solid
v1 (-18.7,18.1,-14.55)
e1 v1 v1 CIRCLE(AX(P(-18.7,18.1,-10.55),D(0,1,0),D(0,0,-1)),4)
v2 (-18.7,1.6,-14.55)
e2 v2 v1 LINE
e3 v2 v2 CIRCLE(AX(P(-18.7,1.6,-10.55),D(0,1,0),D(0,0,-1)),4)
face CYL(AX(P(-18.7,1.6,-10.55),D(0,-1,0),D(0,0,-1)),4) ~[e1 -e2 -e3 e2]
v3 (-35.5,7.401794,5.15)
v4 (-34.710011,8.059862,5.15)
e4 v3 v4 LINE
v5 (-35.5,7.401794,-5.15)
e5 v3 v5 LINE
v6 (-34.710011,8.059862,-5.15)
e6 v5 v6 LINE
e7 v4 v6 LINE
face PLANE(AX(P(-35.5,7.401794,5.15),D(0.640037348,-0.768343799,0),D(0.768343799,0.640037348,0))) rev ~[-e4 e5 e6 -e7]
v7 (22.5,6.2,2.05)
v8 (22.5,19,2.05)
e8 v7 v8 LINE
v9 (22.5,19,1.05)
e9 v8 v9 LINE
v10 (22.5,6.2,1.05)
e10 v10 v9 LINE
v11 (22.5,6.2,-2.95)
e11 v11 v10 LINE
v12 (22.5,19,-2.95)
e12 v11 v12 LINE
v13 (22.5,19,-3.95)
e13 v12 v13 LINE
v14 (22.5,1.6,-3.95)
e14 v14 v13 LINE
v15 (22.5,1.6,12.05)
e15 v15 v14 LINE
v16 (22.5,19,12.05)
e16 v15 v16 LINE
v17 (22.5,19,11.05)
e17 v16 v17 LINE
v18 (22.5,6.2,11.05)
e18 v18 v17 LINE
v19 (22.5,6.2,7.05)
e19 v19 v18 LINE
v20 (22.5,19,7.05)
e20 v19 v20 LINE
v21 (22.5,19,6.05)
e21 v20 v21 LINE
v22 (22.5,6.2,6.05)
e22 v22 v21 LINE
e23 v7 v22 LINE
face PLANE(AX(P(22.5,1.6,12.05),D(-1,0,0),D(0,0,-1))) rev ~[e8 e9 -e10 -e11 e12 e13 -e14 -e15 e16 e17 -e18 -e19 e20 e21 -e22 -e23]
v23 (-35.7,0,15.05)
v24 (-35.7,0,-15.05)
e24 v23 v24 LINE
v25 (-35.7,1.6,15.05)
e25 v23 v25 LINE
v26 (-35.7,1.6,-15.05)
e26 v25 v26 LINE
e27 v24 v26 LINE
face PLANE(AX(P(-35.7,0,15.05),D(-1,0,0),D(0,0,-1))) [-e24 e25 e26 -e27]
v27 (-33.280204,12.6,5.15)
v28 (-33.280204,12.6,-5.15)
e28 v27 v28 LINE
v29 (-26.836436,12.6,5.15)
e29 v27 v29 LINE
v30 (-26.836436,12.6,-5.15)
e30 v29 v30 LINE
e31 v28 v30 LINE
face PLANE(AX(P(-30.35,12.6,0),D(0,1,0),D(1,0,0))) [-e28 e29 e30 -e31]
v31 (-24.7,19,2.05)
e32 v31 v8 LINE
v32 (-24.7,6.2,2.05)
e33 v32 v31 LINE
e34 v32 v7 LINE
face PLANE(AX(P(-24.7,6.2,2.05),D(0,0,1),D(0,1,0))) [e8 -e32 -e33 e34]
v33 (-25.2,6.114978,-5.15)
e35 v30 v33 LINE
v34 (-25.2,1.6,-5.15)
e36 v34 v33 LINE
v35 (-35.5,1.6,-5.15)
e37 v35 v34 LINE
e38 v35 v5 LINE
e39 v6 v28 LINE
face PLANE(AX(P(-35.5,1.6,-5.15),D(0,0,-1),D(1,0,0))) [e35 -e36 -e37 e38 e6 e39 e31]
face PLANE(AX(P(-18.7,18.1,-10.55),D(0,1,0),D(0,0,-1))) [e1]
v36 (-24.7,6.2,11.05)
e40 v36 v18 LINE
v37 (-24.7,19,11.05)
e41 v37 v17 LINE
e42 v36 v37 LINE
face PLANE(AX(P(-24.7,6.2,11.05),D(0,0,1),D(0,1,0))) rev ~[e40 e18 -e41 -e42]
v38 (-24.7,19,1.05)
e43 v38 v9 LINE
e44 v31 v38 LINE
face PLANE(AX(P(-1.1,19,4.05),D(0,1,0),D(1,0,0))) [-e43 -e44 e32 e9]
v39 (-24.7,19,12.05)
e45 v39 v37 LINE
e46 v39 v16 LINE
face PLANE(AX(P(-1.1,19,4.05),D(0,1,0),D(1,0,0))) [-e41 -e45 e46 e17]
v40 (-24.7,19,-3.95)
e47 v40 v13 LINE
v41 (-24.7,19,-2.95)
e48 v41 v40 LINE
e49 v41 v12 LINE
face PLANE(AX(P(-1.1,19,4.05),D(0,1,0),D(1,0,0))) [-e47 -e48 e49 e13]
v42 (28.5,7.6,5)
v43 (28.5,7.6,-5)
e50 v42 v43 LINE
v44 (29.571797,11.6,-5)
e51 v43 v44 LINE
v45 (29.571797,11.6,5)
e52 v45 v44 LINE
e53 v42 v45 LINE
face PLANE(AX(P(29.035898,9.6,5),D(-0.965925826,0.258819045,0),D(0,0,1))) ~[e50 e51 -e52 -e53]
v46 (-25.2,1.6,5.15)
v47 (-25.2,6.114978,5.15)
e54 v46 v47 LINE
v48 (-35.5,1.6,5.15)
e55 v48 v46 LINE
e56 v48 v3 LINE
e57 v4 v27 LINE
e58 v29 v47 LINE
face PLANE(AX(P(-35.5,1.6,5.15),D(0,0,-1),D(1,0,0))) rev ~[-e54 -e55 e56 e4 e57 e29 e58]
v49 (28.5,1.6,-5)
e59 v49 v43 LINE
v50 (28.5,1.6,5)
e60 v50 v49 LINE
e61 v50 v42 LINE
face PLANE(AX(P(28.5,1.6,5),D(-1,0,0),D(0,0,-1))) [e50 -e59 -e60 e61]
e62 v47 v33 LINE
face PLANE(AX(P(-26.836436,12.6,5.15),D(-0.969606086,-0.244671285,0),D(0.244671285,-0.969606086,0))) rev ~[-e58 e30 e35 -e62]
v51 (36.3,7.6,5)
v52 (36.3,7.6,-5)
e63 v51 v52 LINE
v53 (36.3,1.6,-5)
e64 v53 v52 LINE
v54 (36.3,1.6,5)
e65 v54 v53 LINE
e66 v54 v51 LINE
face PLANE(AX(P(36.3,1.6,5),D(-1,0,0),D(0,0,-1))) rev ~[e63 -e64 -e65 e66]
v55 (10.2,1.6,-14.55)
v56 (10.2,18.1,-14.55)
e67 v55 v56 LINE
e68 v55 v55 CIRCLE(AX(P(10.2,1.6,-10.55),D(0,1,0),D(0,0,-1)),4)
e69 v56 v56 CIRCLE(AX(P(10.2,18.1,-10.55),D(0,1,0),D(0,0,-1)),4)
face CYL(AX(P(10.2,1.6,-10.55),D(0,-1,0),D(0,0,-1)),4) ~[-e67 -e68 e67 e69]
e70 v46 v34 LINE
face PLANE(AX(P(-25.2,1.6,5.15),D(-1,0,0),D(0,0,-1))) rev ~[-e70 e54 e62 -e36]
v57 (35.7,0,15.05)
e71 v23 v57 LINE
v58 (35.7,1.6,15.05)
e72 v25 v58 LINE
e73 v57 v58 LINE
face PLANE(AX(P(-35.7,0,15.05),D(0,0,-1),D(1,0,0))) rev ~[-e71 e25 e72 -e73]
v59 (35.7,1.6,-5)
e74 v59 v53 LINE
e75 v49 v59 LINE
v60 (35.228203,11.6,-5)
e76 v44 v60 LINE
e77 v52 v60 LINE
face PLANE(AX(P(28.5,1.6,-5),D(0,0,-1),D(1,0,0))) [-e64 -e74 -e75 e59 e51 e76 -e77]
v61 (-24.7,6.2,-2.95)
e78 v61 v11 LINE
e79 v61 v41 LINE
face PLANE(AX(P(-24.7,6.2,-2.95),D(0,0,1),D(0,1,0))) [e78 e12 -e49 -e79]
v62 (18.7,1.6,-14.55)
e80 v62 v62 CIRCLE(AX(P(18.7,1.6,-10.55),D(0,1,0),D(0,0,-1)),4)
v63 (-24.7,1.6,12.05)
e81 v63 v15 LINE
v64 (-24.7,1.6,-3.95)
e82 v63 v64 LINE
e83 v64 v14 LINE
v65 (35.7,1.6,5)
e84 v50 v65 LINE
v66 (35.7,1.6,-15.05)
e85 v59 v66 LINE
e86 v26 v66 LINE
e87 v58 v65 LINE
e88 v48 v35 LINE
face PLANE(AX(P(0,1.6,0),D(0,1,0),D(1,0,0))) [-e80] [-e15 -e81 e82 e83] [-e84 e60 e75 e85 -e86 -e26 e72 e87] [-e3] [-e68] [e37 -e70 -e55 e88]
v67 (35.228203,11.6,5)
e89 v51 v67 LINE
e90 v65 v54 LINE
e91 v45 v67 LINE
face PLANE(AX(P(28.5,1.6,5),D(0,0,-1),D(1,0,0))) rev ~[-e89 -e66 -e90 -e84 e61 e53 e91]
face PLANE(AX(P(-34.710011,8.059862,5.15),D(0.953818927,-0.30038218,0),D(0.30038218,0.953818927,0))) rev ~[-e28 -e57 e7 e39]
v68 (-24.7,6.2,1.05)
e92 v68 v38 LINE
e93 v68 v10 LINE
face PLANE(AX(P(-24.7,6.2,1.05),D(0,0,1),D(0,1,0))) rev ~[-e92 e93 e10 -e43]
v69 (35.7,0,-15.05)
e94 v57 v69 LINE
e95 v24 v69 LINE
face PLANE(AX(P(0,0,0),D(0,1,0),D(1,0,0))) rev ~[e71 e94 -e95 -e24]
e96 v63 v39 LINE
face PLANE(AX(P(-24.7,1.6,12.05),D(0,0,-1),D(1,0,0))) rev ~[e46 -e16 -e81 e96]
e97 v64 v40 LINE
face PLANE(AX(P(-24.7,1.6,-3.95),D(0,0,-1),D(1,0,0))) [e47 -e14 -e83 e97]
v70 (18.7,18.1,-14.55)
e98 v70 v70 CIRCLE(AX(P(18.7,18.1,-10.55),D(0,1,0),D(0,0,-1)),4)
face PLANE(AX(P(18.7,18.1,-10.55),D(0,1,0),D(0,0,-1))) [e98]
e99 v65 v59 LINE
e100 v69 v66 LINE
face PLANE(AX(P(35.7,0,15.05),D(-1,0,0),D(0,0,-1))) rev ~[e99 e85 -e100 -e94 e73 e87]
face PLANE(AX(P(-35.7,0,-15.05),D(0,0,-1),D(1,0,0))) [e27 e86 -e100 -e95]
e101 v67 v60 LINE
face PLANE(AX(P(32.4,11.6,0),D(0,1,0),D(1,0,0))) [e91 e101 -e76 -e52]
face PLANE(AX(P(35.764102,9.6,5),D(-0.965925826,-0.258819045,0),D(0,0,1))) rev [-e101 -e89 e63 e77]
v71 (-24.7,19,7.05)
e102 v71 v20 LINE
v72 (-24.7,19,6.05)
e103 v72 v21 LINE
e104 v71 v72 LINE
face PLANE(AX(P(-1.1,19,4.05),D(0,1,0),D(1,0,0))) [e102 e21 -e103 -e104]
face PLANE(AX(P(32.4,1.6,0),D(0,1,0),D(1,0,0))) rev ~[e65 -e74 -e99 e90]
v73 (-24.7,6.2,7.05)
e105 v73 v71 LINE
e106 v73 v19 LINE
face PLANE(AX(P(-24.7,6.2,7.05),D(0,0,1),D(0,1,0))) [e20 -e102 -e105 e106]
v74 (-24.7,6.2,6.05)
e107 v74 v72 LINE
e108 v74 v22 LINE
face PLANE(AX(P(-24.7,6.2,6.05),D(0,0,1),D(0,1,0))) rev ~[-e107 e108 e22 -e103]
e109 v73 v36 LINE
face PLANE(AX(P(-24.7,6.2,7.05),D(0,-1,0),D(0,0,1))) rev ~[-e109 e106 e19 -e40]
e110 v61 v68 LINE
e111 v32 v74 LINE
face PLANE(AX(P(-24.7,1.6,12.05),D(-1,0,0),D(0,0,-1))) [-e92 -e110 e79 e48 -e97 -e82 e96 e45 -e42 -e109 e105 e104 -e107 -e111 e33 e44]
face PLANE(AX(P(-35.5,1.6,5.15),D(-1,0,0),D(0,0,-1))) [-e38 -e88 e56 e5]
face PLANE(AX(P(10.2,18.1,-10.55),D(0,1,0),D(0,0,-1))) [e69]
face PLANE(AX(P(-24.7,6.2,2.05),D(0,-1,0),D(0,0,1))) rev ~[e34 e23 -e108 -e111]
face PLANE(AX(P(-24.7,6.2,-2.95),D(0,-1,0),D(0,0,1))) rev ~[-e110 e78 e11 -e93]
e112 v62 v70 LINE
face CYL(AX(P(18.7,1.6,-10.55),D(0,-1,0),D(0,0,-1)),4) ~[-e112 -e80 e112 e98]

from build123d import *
from OCP.BRepFilletAPI import BRepFilletAPI_MakeChamfer

# Parameters (mm, degrees)
SKETCH1_W           = 71.4
SKETCH1_H           = 30.1
BOSS_EXTRUDE1_DEPTH = 1.6
SKETCH4_W           = 47.2
SKETCH4_H           = 16
BOSS_EXTRUDE2_DEPTH = 17.4
SKETCH5_W           = 10.3
SKETCH5_H           = 10.3
BOSS_EXTRUDE3_DEPTH = 11
SKETCH6_W           = 7.8
SKETCH6_H           = 10
BOSS_EXTRUDE4_DEPTH = 10
SKETCH7_R           = 4
BOSS_EXTRUDE5_DEPTH = 16.5
SKETCH8_W           = 4
SKETCH8_H           = 12.8
CUT_EXTRUDE1_DEPTH  = 47.2
CUT_EXTRUDE2_DEPTH  = 10.3
CHAMFER1_SIZE       = 4
CHAMFER1_SIZE2      = 1.07179677


with BuildPart() as part:
    # Sketch1 → Boss-Extrude1 (new body)
    with BuildSketch(Plane(origin=(0, 0, 0), x_dir=(1, 0, 0), z_dir=(0, 1, 0))):
        Rectangle(SKETCH1_W, SKETCH1_H)
    extrude(amount=BOSS_EXTRUDE1_DEPTH)

    # Sketch4 → Boss-Extrude2 (add)
    with BuildSketch(Plane(origin=(0, 1.6, 0), x_dir=(1, 0, 0), z_dir=(0, 1, 0))):
        with Locations((-1.1, -4.05)):
            Rectangle(SKETCH4_W, SKETCH4_H)
    extrude(amount=BOSS_EXTRUDE2_DEPTH)

    # Sketch5 → Boss-Extrude3 (add)
    with BuildSketch(Plane(origin=(0, 1.6, 0), x_dir=(1, 0, 0), z_dir=(0, 1, 0))):
        with Locations((-30.35, 0)):
            Rectangle(SKETCH5_W, SKETCH5_H)
    extrude(amount=BOSS_EXTRUDE3_DEPTH)

    # Sketch6 → Boss-Extrude4 (add)
    with BuildSketch(Plane(origin=(0, 1.6, 0), x_dir=(1, 0, 0), z_dir=(0, 1, 0))):
        with Locations((32.4, 0)):
            Rectangle(SKETCH6_W, SKETCH6_H)
    extrude(amount=BOSS_EXTRUDE4_DEPTH)

    # Sketch7 → Boss-Extrude5 (add)
    with BuildSketch(Plane(origin=(0, 1.6, 0), x_dir=(1, 0, 0), z_dir=(0, 1, 0))):
        with Locations(Location((18.7, 10.55, 0), (0, 0, 90))):
            Circle(SKETCH7_R)
        with Locations(Location((10.2, 10.55, 0), (0, 0, 90))):
            Circle(SKETCH7_R)
        with Locations(Location((-18.7, 10.55, 0), (0, 0, 90))):
            Circle(SKETCH7_R)
    extrude(amount=BOSS_EXTRUDE5_DEPTH)

    # Sketch8 → Cut-Extrude1 (cut)
    with BuildSketch(Plane.ZY.offset(24.7)):
        with Locations((-0.95, 12.6)):
            Rectangle(SKETCH8_W, SKETCH8_H)
        with Locations((4.05, 12.6)):
            Rectangle(SKETCH8_W, SKETCH8_H)
        with Locations((9.05, 12.6)):
            Rectangle(SKETCH8_W, SKETCH8_H)
    extrude(amount=-CUT_EXTRUDE1_DEPTH, mode=Mode.SUBTRACT)

    # Sketch9 → Cut-Extrude2 (cut)
    with BuildSketch(Plane.XY.offset(5.15)):
        Polygon((-35.5, 12.6), (-35.5, 7.401794315), (-34.710010842, 8.059862443), (-33.280204433, 12.6), align=None)
        Polygon((-25.2, 12.6), (-26.836436424, 12.6), (-25.2, 6.114977788), align=None)
    extrude(amount=-CUT_EXTRUDE2_DEPTH, mode=Mode.SUBTRACT)

    # Chamfer1: one chamfer whose edges measure the first distance from different faces: ONE call of the kernel's chamfer builder (chamfer() names one face for all edges)
    chamfer1_edges_1 = [part.edges().sort_by_distance(p)[0] for p in [
        (36.3, 11.6, 0),
    ]]
    chamfer1_side_1 = [part.faces().sort_by_distance(p)[0] for p in [
        (36.3, 6.6, 0),
    ]]
    chamfer1_edges_2 = [part.edges().sort_by_distance(p)[0] for p in [
        (28.5, 11.6, 0),
    ]]
    chamfer1_side_2 = [part.faces().sort_by_distance(p)[0] for p in [
        (28.5, 6.6, 0),
    ]]
    chamfer1 = BRepFilletAPI_MakeChamfer(part.part.solid().wrapped)
    for e in chamfer1_edges_1:
        chamfer1.Add(CHAMFER1_SIZE, CHAMFER1_SIZE2, e.wrapped, chamfer1_side_1[0].wrapped)  # the first distance lies on this face
    for e in chamfer1_edges_2:
        chamfer1.Add(CHAMFER1_SIZE, CHAMFER1_SIZE2, e.wrapped, chamfer1_side_2[0].wrapped)  # the first distance lies on this face
    add(Compound.cast(chamfer1.Shape()), mode=Mode.REPLACE)


solid = part.part
